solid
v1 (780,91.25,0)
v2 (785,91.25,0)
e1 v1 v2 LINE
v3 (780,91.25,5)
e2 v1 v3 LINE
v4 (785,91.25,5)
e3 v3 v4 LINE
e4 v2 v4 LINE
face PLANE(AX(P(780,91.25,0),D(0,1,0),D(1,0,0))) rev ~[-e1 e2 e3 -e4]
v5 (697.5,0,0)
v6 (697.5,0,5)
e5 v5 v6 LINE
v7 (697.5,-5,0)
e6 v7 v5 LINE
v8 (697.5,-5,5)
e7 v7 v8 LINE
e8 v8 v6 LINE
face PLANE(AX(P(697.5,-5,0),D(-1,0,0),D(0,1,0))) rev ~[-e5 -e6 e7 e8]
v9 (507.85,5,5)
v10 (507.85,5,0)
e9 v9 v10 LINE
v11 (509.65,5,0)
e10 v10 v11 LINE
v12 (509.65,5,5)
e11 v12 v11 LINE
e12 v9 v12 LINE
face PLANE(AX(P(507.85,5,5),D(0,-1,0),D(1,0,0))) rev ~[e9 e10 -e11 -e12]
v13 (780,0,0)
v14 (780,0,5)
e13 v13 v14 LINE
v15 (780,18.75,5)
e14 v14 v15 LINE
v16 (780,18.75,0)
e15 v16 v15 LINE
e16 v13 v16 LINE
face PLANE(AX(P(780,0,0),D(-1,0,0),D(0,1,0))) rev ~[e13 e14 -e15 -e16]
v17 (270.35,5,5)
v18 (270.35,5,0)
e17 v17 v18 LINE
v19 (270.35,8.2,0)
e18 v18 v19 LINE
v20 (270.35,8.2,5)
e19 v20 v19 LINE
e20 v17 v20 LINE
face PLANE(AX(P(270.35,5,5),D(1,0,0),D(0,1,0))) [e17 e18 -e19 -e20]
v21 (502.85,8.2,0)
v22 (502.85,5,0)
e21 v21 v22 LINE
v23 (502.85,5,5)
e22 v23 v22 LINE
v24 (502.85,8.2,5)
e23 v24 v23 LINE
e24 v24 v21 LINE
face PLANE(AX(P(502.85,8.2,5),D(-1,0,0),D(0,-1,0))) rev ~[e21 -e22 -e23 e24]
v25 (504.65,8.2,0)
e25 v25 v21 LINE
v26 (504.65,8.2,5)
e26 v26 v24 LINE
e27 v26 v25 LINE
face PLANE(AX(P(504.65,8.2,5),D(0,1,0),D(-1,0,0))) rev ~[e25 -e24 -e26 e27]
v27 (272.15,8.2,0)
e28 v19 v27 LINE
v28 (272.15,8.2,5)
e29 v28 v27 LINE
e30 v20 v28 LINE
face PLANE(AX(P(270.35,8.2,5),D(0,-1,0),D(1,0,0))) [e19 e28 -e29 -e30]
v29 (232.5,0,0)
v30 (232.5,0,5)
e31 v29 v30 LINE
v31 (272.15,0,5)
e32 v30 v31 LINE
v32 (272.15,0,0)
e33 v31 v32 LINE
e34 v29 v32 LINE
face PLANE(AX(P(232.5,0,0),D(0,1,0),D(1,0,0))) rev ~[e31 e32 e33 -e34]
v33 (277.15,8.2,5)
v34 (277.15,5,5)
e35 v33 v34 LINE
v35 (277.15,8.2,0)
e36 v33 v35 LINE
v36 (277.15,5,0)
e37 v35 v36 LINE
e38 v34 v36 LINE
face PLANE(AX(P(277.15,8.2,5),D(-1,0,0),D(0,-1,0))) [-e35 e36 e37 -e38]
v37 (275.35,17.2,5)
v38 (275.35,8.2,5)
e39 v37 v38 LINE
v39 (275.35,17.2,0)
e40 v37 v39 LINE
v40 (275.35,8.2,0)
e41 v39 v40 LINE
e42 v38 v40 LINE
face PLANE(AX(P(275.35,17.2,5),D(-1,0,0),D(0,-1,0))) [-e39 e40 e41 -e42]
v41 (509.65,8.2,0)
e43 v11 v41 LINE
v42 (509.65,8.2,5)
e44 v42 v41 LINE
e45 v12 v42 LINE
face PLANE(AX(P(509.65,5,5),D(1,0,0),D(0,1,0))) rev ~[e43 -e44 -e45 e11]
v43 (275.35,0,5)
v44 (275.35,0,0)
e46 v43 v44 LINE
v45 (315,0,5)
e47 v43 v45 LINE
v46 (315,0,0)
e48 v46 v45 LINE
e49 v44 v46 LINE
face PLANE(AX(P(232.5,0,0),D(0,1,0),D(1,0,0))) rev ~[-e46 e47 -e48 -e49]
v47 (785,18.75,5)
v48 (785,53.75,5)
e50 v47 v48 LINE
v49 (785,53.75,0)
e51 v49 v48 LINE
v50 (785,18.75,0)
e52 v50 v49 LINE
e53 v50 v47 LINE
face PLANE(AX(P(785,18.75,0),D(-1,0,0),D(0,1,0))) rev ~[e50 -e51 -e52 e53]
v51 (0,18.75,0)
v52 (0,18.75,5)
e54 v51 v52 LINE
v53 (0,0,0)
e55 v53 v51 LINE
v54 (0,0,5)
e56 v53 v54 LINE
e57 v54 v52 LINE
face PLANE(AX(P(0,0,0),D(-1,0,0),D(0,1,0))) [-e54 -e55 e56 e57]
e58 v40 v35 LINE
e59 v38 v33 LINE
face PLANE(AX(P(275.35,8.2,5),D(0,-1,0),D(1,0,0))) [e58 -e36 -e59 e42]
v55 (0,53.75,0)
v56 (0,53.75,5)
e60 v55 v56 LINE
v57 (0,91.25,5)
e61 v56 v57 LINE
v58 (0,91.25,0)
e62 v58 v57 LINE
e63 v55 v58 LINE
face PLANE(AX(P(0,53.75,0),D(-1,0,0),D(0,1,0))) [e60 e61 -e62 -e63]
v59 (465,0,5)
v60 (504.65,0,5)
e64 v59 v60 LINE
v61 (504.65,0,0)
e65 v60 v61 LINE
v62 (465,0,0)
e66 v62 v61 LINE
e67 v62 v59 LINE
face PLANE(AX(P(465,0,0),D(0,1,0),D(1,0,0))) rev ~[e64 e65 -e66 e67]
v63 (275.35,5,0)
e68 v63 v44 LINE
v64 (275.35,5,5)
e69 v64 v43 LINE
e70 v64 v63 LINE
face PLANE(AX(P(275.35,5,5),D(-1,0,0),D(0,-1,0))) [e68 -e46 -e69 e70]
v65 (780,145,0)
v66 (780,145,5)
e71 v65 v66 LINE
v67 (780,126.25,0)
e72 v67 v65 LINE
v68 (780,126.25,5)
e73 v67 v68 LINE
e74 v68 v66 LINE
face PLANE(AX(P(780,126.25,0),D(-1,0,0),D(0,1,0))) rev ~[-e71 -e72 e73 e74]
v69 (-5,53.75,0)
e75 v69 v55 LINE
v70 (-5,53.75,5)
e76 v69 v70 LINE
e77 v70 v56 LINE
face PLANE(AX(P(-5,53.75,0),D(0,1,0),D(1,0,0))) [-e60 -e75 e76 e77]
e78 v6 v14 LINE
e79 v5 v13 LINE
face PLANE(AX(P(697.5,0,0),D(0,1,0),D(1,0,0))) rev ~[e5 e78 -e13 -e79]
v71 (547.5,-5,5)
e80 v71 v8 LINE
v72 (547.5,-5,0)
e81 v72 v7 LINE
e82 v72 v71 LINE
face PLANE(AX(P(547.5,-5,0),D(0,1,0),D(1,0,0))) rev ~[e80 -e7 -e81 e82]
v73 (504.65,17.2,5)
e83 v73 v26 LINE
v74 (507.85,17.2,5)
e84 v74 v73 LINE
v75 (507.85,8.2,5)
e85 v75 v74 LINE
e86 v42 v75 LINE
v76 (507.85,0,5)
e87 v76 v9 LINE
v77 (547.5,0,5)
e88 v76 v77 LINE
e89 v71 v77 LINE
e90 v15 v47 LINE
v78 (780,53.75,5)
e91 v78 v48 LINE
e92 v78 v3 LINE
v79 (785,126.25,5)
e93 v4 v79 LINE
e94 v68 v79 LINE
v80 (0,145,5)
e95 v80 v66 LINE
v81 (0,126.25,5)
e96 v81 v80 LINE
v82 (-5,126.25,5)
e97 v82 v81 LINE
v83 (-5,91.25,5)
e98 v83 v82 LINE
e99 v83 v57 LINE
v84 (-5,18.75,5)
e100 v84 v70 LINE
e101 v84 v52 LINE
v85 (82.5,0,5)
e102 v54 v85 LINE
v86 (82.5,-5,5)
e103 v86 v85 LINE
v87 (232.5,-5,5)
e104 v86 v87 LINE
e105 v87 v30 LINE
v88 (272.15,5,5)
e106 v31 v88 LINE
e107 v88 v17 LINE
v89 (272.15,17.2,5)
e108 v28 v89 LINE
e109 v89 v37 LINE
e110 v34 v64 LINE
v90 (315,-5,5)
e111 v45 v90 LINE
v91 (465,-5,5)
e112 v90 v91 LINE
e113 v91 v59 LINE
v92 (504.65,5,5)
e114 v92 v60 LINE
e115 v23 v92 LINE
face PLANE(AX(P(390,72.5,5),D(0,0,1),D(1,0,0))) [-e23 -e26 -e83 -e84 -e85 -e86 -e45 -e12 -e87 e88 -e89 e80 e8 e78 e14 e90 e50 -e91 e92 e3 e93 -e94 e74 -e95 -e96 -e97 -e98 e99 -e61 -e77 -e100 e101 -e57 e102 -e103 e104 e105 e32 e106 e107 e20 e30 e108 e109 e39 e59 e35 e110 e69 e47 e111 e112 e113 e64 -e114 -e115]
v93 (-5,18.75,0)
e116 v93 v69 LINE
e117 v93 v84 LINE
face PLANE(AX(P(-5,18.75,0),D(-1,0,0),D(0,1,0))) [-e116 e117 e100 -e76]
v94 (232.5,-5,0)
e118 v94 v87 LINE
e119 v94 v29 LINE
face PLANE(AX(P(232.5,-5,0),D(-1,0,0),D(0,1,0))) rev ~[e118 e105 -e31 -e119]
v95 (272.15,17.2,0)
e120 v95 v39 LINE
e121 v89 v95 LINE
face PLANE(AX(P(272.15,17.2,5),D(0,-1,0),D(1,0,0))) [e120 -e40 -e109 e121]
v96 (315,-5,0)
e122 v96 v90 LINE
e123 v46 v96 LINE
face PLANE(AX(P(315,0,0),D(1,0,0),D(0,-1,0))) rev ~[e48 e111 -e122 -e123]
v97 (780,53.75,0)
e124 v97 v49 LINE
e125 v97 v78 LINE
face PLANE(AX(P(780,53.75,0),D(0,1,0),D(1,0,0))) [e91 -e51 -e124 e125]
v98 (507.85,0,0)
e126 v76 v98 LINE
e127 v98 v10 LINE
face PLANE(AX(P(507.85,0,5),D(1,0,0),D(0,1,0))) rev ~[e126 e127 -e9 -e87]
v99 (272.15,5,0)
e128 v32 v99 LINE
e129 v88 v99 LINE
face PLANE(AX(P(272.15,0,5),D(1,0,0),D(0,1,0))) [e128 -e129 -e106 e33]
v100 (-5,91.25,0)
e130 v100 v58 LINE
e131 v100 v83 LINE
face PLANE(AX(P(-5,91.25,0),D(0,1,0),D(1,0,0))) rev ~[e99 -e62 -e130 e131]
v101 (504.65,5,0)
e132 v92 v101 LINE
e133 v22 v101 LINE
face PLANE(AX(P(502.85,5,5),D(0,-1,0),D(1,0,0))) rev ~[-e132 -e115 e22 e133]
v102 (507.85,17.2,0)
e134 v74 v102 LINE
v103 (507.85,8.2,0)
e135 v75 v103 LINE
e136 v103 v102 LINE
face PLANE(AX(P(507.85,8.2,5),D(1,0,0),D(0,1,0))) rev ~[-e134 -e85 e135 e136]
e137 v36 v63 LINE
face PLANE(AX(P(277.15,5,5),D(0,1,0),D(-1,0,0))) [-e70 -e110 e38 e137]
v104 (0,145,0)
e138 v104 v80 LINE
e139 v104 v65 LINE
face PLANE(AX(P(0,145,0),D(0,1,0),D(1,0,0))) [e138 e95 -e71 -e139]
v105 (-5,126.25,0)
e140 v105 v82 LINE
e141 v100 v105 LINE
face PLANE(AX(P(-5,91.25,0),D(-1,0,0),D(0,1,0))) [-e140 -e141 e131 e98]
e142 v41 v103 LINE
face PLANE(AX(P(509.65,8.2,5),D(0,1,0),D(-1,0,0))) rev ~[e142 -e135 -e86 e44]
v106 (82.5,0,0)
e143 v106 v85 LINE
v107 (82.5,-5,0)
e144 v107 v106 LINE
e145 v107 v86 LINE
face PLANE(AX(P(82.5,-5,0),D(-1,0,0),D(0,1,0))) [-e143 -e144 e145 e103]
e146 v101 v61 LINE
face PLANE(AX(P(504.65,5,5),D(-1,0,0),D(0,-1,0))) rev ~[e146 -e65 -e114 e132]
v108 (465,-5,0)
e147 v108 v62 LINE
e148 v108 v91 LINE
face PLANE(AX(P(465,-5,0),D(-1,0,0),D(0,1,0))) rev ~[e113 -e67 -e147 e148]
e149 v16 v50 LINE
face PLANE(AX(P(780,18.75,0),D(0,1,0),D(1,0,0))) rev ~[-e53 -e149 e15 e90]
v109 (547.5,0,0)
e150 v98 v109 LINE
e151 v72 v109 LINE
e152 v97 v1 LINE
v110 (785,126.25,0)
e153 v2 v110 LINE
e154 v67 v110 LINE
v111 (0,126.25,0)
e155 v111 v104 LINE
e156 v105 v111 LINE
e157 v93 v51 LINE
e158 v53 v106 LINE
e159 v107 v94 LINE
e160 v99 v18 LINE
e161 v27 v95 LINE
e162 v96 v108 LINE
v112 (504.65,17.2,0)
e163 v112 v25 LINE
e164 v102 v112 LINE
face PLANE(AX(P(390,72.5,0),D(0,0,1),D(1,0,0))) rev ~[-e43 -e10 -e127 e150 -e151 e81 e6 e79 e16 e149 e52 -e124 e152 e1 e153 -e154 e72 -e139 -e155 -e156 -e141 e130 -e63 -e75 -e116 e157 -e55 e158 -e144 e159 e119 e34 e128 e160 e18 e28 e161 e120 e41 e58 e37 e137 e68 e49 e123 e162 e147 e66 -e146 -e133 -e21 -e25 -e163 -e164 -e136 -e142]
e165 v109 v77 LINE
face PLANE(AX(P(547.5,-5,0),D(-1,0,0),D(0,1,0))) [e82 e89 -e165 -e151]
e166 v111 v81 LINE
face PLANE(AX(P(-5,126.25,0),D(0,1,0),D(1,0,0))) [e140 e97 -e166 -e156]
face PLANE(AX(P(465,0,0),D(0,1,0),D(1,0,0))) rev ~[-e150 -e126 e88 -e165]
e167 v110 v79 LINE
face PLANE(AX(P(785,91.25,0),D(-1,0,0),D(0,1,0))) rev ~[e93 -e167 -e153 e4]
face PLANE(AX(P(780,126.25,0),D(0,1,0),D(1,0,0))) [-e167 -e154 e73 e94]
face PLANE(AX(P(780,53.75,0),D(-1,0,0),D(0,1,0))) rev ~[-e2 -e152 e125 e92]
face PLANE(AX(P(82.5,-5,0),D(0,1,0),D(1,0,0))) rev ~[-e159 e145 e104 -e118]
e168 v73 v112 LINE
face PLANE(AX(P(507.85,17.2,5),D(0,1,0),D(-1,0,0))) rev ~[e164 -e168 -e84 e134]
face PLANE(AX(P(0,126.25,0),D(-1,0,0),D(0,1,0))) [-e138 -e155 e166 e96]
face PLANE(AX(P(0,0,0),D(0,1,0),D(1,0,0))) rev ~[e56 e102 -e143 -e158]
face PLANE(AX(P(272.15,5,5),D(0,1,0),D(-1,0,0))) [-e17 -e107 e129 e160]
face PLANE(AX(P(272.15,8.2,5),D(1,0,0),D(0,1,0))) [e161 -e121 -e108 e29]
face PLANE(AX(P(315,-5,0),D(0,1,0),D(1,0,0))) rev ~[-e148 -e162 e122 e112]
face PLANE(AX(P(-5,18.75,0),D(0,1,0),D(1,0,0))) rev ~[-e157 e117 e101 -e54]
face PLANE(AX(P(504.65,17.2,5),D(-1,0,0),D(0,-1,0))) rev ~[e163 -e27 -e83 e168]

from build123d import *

# Parameters (mm, degrees)
CROQUIS1_W              = 780
CROQUIS1_H              = 145
CROQUIS1_W_2            = 150
CROQUIS1_H_2            = 5
CROQUIS1_W_3            = 5
CROQUIS1_H_3            = 35
SALIENTE_EXTRUIR1_DEPTH = 5
CORTAR_EXTRUIR1_DEPTH   = 10


with BuildPart() as part:
    # Croquis1 → Saliente-Extruir1 (new body)
    with BuildSketch(Plane.XY):
        with Locations((390, 72.5)):
            Rectangle(CROQUIS1_W, CROQUIS1_H)
        with Locations((622.5, -2.5)):
            Rectangle(CROQUIS1_W_2, CROQUIS1_H_2)
        Polygon((390, 0), (315, 0), (315, -5), (465, -5), (465, 0), align=None)
        with Locations((157.5, -2.5)):
            Rectangle(CROQUIS1_W_2, CROQUIS1_H_2)
        with Locations((-2.5, 36.25)):
            Rectangle(CROQUIS1_W_3, CROQUIS1_H_3)
        with Locations((782.5, 36.25)):
            Rectangle(CROQUIS1_W_3, CROQUIS1_H_3)
        with Locations((782.5, 108.75)):
            Rectangle(CROQUIS1_W_3, CROQUIS1_H_3)
        with Locations((-2.5, 108.75)):
            Rectangle(CROQUIS1_W_3, CROQUIS1_H_3)
    extrude(amount=SALIENTE_EXTRUIR1_DEPTH)

    # Croquis2 → Cortar-Extruir1 (cut)
    with BuildSketch(Plane.XY.offset(5)):
        Polygon((275.35, 0), (272.15, 0), (272.15, 5), (270.35, 5), (270.35, 8.2), (272.15, 8.2), (272.15, 17.2), (275.35, 17.2), (275.35, 8.2), (277.15, 8.2), (277.15, 5), (275.35, 5), align=None)
        Polygon((507.85, 8.2), (507.85, 17.2), (504.65, 17.2), (504.65, 8.2), (502.85, 8.2), (502.85, 5), (504.65, 5), (504.65, 0), (507.85, 0), (507.85, 5), (509.65, 5), (509.65, 8.2), align=None)
    extrude(amount=-CORTAR_EXTRUIR1_DEPTH, mode=Mode.SUBTRACT)


solid = part.part
